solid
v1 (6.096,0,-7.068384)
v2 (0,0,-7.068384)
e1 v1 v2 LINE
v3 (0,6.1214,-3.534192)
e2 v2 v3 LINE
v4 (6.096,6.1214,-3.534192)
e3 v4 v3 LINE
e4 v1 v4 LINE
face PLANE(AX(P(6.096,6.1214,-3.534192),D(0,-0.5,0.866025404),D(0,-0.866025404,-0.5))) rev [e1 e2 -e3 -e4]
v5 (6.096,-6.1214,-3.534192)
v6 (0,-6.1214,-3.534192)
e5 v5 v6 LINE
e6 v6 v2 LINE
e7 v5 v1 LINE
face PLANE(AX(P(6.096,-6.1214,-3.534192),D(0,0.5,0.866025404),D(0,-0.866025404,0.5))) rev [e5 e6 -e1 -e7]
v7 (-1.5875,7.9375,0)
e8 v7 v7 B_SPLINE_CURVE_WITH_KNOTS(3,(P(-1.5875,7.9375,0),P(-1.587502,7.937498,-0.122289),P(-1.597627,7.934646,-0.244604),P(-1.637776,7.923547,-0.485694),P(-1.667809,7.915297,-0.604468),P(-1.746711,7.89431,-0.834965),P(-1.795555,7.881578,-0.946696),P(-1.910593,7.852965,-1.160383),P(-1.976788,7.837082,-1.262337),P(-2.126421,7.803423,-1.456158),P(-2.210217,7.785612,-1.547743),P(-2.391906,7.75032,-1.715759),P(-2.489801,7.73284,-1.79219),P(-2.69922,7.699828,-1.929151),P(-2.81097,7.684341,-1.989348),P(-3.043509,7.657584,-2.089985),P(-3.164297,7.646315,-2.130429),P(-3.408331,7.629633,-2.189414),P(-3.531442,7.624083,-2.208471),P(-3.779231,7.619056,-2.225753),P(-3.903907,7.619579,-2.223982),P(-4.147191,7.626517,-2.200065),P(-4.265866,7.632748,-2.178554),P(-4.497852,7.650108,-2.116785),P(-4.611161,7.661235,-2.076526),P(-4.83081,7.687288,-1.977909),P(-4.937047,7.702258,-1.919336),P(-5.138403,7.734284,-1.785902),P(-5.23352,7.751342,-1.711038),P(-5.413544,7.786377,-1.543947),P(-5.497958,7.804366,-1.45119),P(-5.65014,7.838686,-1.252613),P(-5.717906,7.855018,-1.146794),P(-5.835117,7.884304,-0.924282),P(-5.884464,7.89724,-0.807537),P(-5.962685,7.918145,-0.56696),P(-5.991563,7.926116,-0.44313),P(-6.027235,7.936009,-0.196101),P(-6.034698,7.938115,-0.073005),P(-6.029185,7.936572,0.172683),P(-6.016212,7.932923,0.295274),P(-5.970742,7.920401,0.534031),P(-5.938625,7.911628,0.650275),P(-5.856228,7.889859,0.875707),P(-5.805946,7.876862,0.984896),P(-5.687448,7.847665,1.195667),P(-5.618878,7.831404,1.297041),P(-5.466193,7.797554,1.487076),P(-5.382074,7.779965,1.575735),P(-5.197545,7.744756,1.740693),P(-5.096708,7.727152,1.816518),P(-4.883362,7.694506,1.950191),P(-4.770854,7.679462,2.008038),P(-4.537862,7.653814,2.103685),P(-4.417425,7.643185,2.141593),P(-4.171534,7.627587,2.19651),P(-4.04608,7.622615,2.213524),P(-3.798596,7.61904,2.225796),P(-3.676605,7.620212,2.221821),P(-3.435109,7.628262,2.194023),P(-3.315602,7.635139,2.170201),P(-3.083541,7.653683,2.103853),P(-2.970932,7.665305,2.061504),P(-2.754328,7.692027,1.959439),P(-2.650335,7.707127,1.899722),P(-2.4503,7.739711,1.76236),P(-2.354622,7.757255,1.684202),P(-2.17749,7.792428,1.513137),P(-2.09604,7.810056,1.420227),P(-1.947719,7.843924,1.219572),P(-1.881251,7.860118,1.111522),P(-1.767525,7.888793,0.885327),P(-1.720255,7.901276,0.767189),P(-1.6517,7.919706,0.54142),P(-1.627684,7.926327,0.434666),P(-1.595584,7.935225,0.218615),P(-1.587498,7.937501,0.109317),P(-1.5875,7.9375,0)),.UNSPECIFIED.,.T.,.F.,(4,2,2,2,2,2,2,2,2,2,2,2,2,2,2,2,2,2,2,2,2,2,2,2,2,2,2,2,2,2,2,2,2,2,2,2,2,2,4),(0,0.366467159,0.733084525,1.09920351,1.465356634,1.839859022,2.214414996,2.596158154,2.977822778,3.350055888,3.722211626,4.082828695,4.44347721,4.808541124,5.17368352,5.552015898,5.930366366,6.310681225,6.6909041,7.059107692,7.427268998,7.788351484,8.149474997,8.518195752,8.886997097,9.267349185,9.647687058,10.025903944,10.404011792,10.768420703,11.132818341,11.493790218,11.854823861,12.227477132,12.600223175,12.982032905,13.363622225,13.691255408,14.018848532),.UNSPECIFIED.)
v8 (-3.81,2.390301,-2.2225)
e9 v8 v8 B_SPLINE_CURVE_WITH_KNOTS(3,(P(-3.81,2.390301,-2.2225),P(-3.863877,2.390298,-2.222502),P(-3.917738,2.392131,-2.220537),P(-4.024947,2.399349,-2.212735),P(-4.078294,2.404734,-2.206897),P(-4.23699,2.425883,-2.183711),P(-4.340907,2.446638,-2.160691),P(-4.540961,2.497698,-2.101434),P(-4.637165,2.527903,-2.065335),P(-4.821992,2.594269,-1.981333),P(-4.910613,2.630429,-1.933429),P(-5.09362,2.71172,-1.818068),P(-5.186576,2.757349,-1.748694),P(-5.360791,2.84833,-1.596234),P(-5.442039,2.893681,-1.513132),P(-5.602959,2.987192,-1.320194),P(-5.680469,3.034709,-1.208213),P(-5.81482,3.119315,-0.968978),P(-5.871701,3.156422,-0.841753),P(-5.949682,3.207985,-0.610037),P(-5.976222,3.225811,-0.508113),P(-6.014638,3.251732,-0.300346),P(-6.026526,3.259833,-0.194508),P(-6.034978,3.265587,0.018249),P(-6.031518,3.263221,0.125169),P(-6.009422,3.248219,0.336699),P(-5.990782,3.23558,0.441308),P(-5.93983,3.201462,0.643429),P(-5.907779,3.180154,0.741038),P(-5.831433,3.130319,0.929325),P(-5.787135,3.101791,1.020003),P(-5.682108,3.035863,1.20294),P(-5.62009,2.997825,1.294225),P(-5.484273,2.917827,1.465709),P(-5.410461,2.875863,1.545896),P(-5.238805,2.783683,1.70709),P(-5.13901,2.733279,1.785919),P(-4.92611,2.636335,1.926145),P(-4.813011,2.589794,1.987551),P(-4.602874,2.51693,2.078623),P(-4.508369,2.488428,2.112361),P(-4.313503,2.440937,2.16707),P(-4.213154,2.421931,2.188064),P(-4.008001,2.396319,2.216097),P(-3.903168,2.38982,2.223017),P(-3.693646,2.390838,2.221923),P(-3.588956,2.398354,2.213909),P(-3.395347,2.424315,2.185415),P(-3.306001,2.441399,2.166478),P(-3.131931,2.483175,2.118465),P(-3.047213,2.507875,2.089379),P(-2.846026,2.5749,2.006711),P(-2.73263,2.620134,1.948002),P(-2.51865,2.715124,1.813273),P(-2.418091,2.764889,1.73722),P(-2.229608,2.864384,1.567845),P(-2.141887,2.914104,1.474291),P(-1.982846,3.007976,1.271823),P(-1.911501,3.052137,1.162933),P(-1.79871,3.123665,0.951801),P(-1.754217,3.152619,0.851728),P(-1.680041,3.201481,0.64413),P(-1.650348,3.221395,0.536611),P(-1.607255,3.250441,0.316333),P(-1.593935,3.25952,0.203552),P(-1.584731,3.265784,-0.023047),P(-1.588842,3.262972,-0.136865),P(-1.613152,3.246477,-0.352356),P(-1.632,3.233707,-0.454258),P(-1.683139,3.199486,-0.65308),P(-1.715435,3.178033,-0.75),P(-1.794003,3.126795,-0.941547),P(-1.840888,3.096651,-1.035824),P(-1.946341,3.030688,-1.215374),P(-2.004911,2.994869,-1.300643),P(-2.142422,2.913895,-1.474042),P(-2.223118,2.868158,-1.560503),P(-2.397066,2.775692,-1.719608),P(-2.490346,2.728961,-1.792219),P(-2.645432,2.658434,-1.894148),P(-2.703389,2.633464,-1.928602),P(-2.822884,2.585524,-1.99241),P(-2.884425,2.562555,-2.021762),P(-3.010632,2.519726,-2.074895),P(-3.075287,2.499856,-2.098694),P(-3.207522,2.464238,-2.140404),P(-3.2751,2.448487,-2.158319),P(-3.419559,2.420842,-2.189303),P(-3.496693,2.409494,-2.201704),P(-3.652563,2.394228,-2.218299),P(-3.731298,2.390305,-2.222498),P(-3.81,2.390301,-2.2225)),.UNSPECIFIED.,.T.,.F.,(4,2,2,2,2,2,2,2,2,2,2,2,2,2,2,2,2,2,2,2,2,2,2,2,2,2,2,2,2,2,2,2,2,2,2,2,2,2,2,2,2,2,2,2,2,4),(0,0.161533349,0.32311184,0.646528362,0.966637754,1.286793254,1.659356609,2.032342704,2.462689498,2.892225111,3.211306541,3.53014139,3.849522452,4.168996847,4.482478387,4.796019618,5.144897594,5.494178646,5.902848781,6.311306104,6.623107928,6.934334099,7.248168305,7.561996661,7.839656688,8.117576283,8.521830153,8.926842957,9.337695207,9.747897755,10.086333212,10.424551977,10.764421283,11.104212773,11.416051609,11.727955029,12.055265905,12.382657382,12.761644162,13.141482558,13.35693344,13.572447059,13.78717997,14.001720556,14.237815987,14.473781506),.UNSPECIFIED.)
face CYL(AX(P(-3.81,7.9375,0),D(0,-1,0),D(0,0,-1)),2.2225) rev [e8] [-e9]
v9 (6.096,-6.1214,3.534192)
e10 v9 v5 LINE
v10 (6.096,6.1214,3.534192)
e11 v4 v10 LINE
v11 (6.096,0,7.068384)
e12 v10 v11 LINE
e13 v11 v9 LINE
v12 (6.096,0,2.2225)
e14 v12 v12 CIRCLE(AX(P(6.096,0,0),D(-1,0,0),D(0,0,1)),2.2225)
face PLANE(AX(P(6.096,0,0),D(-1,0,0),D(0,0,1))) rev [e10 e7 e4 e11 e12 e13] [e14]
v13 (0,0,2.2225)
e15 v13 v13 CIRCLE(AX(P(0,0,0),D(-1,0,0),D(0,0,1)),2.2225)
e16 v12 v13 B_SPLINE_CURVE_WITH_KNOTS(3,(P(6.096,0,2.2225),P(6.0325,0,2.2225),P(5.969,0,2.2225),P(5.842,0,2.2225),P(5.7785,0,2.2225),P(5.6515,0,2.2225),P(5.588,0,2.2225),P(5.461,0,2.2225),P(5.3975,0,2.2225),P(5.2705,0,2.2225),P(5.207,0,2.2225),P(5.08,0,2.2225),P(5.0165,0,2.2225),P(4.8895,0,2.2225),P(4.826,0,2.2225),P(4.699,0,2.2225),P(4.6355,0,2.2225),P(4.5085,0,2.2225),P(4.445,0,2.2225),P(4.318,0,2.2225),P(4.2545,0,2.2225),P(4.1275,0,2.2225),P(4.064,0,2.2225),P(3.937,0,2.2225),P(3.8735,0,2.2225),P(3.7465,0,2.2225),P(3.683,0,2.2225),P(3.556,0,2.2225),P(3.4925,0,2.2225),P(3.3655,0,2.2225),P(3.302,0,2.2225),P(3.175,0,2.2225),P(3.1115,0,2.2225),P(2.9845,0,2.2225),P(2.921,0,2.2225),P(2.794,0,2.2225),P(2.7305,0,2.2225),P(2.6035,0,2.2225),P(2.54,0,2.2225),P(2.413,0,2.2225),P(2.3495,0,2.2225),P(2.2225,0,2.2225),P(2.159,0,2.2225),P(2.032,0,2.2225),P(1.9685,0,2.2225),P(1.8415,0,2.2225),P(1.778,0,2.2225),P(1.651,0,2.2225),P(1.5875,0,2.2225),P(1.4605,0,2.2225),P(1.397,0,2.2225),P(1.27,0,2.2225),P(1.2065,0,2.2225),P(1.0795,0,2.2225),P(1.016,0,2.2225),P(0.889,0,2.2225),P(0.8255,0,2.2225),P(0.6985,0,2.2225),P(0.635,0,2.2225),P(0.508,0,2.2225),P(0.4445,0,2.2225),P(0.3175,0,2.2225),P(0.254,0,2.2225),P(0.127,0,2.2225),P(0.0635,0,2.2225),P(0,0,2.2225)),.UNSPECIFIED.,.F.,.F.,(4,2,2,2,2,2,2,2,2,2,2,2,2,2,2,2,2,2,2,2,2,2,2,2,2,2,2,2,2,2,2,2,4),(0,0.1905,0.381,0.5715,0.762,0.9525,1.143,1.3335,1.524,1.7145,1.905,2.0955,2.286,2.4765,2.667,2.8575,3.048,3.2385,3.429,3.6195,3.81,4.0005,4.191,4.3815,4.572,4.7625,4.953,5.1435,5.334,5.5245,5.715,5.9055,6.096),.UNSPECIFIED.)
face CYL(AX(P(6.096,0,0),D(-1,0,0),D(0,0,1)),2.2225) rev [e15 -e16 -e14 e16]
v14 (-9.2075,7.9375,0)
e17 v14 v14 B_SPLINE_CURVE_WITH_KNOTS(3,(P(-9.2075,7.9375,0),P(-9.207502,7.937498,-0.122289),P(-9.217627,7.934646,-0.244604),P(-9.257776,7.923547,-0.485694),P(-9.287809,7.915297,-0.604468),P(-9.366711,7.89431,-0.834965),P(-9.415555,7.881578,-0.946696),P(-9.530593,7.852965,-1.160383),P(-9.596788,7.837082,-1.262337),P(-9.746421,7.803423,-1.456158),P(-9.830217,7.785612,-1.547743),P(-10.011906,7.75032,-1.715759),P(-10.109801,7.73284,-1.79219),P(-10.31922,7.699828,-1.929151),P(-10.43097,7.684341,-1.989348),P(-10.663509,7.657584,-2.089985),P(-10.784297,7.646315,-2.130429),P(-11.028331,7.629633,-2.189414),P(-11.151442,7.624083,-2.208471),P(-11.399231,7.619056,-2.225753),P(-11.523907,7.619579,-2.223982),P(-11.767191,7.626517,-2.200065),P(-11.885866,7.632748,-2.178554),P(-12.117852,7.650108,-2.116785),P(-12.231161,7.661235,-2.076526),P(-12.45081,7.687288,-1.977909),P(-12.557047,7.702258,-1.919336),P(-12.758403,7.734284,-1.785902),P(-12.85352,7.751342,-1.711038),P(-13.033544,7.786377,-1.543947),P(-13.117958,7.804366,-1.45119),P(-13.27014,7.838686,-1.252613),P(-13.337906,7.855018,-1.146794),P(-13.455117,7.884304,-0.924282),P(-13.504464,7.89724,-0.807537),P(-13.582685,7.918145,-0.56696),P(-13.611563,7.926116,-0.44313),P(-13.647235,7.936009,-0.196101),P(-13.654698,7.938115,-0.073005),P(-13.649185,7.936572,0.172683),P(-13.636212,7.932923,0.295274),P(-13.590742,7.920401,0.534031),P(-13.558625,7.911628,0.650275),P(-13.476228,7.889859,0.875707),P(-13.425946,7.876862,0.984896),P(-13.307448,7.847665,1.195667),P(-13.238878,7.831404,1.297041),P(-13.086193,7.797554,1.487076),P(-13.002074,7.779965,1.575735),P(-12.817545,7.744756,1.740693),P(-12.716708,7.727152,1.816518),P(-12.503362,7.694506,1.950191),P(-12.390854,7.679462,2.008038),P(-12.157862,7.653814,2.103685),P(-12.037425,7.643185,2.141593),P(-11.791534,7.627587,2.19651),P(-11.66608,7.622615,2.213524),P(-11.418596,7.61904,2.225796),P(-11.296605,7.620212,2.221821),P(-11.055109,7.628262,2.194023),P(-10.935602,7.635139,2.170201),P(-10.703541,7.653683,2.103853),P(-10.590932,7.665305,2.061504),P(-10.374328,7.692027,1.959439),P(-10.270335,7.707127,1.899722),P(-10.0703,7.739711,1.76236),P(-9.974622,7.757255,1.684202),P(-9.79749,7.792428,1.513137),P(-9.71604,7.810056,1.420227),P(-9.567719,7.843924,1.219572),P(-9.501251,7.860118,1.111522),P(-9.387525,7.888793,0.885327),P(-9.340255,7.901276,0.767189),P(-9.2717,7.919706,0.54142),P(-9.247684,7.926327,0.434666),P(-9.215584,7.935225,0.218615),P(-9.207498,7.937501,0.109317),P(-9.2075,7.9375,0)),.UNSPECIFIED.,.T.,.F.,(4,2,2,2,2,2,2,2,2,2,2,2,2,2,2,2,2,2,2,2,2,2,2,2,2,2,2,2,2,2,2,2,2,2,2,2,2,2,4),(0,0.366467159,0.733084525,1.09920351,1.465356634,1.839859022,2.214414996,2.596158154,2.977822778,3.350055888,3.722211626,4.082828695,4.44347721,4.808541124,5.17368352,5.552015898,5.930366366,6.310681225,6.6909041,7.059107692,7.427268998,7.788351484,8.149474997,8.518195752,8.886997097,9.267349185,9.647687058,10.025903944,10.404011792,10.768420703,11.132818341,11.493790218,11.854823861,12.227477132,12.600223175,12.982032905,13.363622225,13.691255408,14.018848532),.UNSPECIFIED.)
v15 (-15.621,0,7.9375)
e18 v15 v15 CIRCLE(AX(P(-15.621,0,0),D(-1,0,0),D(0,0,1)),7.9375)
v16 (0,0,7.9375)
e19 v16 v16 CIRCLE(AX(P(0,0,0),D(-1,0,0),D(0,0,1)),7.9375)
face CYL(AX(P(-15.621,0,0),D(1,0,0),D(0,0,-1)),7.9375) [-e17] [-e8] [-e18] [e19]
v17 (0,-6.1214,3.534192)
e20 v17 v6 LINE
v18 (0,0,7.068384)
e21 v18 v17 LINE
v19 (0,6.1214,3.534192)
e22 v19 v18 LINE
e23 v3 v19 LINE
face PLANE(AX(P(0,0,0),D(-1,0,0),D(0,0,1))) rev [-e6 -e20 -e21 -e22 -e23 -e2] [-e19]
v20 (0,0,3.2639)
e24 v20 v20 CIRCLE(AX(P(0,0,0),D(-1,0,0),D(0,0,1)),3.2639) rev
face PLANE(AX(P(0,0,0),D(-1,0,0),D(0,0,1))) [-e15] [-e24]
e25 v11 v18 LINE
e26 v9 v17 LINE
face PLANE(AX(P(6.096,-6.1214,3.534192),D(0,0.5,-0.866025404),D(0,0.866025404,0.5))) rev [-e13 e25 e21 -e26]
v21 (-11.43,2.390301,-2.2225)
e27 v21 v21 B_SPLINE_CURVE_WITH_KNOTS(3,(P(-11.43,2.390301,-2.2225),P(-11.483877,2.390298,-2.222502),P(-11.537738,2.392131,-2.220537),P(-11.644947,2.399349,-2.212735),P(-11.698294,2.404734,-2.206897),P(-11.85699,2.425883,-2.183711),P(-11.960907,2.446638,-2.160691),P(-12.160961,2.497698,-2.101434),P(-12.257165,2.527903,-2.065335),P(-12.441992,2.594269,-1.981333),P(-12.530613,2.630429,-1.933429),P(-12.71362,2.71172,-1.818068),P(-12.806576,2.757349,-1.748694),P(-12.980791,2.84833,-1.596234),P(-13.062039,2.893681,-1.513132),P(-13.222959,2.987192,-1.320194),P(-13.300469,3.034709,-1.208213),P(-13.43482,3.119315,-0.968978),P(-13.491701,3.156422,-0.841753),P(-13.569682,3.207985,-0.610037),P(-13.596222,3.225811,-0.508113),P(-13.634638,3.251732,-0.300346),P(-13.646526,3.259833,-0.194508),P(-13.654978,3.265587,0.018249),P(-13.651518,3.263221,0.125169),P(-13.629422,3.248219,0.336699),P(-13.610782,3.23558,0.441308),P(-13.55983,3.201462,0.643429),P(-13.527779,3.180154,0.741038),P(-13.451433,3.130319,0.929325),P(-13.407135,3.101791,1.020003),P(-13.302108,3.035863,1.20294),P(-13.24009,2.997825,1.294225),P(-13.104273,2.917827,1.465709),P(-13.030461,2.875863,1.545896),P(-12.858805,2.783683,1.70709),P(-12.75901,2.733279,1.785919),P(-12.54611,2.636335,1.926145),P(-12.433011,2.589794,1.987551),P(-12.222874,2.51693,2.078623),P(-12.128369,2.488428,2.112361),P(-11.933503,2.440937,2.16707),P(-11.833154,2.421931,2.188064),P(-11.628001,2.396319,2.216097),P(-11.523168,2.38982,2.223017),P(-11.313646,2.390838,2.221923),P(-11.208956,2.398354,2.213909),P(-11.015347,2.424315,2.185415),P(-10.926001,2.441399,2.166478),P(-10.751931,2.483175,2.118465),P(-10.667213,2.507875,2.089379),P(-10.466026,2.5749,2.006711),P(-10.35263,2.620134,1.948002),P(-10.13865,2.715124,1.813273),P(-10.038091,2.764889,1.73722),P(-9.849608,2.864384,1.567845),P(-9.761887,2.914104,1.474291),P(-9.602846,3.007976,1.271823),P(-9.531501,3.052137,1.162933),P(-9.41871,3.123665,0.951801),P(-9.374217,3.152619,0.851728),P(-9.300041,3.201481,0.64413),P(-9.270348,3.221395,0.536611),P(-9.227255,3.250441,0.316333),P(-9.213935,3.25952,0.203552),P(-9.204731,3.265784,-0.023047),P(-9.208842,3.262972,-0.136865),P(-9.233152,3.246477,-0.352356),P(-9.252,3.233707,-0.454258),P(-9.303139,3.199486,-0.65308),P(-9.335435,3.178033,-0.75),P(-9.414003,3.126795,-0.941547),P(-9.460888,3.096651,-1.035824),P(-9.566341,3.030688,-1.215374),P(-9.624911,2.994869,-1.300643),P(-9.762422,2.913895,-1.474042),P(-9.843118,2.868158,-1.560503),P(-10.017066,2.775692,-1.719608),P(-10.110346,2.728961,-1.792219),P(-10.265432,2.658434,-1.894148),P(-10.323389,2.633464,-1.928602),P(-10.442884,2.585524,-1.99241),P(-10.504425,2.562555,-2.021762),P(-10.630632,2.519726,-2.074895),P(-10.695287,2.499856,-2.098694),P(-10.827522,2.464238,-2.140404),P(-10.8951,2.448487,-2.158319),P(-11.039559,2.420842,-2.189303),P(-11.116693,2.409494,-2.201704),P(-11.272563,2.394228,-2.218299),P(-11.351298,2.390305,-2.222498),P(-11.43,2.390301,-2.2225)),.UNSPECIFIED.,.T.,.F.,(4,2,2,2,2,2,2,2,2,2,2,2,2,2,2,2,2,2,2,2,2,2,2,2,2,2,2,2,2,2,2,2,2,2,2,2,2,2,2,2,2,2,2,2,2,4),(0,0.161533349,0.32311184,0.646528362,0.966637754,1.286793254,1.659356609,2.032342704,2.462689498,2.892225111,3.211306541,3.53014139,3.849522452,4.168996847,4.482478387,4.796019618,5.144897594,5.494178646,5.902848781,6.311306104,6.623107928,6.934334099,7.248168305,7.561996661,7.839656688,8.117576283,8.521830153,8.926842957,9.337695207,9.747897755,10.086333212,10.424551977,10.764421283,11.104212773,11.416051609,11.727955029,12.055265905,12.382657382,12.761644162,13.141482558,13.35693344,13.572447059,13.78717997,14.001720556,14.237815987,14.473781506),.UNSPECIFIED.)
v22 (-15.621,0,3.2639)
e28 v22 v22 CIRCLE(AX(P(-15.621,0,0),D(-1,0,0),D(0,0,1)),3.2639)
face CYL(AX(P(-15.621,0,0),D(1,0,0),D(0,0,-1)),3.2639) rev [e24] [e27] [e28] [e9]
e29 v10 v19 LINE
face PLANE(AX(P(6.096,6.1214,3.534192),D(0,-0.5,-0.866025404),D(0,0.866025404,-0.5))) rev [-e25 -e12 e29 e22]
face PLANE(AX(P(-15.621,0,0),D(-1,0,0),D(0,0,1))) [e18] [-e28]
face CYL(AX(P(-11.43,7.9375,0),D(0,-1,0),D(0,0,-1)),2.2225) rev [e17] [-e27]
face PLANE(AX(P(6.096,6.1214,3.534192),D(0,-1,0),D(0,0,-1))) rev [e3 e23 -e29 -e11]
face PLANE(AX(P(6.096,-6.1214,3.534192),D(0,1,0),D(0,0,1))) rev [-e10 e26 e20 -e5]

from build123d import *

# Parameters (mm, degrees)
HEX_2_DEPTH                = 6.096
SKETCH2_R                  = 7.9375
SKETCH2_R_2                = 3.2639
ROTARY_SHAFT_DEPTH         = 15.621
SKETCH3_R                  = 2.2225
SHAFT_SETSCREW_HOLES_DEPTH = 20.235993697
SKETCH4_R                  = 2.2225
CUT_EXTRUDE2_DEPTH         = 20.235993861


with BuildPart() as part:
    # Sketch1 → Hex 2 (new body)
    with BuildSketch(Plane(origin=(0, 0, 0), x_dir=(0, 0, -1), z_dir=(1, 0, 0))):
        Polygon((-3.534191938, 6.1214), (3.534191938, 6.1214), (7.068383876, 0), (3.534191938, -6.1214), (-3.534191938, -6.1214), (-7.068383876, 0), align=None)
    extrude(amount=HEX_2_DEPTH)

    # Sketch2 → Rotary_Shaft (add)
    with BuildSketch(Plane.ZY):
        with Locations(Location((0, 0, 0), (0, 0, 180))):
            Circle(SKETCH2_R)
        with Locations(Location((0, 0, 0), (0, 0, 180))):
            Circle(SKETCH2_R_2, mode=Mode.SUBTRACT)
    extrude(amount=ROTARY_SHAFT_DEPTH)

    # Sketch3 → Shaft-SetScrew-Holes (cut, through all)
    with BuildSketch(Plane(origin=(0, 0, 0), x_dir=(1, 0, 0), z_dir=(0, 1, 0))):
        with Locations(Location((-11.43, 0, 0), (0, 0, 90))):
            Circle(SKETCH3_R)
        with Locations(Location((-3.81, 0, 0), (0, 0, 90))):
            Circle(SKETCH3_R)
    extrude(amount=SHAFT_SETSCREW_HOLES_DEPTH, mode=Mode.SUBTRACT)

    # Sketch4 → Cut-Extrude2 (cut, through all)
    with BuildSketch(Plane.ZY):
        Circle(SKETCH4_R)
    extrude(amount=-CUT_EXTRUDE2_DEPTH, mode=Mode.SUBTRACT)


solid = part.part
